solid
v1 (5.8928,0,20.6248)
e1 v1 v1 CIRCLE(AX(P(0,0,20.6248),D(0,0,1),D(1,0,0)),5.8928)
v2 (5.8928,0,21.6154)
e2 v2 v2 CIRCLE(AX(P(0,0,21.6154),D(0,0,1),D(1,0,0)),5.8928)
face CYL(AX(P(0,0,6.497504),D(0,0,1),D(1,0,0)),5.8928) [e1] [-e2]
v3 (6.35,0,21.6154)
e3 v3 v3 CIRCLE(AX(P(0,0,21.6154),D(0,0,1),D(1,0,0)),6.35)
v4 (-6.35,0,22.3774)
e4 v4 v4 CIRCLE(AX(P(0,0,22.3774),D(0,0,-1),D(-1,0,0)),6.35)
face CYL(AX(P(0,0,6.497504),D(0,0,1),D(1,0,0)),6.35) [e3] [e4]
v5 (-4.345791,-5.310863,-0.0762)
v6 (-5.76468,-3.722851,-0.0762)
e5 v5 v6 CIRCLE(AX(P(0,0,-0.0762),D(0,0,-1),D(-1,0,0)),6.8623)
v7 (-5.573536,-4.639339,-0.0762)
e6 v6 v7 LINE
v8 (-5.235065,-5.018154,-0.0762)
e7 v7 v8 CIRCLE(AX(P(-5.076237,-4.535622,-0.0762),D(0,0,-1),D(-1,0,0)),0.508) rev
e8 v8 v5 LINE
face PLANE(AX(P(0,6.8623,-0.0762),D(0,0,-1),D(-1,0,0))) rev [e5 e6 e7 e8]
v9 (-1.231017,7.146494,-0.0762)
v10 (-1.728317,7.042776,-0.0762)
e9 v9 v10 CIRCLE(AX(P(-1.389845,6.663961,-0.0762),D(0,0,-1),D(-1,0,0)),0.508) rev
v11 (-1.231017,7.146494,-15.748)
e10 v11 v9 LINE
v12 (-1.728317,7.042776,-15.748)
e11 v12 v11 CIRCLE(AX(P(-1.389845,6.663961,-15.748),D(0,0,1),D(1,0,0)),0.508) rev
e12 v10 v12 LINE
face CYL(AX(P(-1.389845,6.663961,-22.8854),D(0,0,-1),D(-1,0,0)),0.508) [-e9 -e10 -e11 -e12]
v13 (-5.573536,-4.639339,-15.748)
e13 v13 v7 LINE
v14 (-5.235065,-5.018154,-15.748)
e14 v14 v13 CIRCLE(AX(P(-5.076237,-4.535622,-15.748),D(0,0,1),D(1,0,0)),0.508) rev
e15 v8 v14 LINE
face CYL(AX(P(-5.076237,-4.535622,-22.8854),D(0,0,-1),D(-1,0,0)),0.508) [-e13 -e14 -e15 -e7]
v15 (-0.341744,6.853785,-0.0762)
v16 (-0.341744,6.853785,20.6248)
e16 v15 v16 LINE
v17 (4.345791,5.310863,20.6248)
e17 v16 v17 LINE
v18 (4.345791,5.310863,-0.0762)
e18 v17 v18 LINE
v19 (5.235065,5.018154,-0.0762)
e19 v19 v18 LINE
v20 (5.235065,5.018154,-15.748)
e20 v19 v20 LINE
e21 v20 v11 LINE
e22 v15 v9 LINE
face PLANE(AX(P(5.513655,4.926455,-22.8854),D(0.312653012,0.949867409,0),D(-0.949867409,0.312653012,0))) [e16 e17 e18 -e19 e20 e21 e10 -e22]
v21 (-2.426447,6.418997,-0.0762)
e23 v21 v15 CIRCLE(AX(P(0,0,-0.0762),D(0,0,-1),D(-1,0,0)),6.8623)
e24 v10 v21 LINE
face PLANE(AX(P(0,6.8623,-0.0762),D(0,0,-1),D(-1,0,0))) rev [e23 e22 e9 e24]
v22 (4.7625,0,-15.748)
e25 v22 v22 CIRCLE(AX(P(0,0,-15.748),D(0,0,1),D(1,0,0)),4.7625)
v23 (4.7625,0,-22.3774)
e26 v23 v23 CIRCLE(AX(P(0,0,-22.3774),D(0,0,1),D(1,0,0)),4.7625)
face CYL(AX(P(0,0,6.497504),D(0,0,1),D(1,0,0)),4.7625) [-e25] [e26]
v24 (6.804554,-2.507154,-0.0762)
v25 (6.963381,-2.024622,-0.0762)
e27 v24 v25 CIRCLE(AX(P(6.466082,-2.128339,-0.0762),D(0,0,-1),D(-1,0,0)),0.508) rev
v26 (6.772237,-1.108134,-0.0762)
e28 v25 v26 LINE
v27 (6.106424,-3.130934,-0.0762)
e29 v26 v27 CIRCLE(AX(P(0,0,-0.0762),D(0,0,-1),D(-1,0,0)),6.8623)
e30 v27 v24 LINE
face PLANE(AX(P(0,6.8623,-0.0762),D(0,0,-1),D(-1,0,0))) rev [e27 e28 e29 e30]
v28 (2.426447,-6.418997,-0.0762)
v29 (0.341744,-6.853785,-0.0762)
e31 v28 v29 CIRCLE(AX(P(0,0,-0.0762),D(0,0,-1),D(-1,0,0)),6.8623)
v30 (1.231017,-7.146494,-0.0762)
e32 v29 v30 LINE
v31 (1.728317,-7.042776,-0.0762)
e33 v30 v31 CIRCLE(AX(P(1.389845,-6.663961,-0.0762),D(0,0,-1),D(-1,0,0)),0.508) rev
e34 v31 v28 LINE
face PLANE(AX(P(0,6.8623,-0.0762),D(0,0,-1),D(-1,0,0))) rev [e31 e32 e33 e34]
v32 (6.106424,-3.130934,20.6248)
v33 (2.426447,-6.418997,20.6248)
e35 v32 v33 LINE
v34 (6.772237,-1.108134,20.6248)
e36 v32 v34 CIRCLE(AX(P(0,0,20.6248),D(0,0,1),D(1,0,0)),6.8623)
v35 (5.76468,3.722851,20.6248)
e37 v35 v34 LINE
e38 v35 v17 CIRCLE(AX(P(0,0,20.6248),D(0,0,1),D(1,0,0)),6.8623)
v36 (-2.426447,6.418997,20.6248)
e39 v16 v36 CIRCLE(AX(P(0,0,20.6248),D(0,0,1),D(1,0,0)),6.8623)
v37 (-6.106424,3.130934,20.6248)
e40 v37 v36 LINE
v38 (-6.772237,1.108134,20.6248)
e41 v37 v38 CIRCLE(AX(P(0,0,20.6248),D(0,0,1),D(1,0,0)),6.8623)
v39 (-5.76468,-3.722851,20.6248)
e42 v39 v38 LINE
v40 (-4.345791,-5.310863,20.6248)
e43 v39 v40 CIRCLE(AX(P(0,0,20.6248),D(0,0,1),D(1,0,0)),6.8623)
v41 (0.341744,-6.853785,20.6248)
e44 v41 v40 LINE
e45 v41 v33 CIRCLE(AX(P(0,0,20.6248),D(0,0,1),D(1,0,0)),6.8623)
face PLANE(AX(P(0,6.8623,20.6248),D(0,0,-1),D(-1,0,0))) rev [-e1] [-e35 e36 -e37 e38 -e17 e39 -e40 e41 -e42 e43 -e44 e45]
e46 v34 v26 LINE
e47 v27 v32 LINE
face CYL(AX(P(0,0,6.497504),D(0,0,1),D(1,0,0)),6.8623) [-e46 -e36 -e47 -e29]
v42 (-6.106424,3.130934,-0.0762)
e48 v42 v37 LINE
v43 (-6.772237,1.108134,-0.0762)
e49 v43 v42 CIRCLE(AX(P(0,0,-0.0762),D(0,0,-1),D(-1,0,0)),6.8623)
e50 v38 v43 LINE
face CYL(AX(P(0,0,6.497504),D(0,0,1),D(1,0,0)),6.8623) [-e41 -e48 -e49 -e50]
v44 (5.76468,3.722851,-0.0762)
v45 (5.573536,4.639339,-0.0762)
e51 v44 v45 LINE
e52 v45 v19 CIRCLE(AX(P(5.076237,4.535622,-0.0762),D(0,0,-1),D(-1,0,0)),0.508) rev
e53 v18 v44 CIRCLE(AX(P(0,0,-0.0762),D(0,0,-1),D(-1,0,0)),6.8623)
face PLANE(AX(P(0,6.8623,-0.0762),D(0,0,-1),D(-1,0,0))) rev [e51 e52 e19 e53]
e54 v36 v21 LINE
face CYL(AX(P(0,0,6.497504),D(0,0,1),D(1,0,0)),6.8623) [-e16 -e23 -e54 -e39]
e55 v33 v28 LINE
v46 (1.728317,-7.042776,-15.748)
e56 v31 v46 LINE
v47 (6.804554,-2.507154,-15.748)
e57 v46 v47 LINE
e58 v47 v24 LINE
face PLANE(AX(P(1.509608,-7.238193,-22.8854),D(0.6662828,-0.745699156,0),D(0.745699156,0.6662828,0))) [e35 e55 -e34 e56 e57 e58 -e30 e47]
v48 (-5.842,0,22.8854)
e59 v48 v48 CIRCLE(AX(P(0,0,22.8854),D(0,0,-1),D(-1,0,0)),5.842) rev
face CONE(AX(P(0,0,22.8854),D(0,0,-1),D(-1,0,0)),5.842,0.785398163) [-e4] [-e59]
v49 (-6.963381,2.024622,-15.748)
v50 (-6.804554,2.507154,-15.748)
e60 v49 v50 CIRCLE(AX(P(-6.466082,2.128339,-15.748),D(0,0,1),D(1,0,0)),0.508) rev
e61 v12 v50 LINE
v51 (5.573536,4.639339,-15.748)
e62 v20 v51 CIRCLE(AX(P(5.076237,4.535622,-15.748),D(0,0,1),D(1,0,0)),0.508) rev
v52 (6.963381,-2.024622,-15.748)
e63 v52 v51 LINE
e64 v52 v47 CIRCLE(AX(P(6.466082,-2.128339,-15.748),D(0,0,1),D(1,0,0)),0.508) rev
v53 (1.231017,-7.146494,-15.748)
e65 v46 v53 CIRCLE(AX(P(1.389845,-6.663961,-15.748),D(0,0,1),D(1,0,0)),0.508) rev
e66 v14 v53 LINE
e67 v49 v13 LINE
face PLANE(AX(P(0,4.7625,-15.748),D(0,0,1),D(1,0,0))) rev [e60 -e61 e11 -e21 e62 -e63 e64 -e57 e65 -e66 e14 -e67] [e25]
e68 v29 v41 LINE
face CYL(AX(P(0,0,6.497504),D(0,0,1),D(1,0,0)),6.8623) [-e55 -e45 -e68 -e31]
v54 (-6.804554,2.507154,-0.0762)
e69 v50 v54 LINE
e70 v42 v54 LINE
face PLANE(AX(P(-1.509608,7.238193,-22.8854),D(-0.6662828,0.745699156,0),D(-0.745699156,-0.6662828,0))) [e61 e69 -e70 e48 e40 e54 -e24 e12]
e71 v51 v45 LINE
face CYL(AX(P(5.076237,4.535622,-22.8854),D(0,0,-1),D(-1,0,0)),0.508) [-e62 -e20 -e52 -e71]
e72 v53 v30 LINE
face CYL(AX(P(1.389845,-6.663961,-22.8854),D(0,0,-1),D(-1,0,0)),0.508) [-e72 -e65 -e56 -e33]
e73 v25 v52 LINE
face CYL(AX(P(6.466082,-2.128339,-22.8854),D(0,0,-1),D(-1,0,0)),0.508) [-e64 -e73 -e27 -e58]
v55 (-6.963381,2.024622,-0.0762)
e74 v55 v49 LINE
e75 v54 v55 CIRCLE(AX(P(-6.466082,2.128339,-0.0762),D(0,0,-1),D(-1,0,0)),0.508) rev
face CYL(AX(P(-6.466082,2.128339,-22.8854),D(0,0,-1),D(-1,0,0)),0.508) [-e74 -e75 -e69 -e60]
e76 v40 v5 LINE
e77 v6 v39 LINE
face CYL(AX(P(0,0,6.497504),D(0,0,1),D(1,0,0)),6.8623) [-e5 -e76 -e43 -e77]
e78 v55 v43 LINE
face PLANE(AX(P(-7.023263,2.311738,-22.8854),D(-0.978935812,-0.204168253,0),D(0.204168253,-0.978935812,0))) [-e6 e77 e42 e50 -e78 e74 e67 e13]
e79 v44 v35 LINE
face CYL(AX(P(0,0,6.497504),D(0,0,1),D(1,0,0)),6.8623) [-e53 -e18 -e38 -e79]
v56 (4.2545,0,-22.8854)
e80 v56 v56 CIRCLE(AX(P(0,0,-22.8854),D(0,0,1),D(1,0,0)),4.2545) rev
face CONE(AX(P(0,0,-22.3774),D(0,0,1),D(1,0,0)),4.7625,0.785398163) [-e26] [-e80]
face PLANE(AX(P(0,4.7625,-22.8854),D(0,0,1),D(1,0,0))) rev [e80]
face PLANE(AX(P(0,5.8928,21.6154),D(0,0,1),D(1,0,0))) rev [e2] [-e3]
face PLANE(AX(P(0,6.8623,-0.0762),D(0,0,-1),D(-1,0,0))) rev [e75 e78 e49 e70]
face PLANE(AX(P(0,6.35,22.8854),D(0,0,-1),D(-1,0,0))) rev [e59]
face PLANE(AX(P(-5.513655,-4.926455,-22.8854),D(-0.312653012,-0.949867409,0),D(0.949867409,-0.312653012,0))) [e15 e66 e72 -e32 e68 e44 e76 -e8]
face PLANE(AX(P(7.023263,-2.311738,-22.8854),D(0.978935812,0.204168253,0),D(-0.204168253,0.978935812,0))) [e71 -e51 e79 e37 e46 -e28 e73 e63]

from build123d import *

# Parameters (mm, degrees)
SKETCH3_OUTSIDE_W   = 25.668
SKETCH3_OUTSIDE_H   = 25.668
CUT_EXTRUDE1_DEPTH  = 47.788336733
CHAMFER1_SIZE       = 0.508
BOSS_EXTRUDE1_DEPTH = 15.6718
FILLET1_R           = 0.508


with BuildPart() as part:
    # Sketch2 → Revolve1 (revolve)
    with BuildSketch(Plane(origin=(0, 0, 0), x_dir=(0, 0, -1), z_dir=(1, 0, 0)), mode=Mode.PRIVATE) as revolve1_sk:
        Polygon((-22.8854, 6.35), (-22.8854, 0), (22.8854, 0), (22.8854, 4.7625), (15.748, 4.7625), (15.748, 6.862299966), (-20.6248, 6.862299966), (-20.6248, 5.8928), (-21.6154, 5.8928), (-21.6154, 6.35), align=None)
    revolve(revolve1_sk.sketch.rotate(Axis((0, 0, 6.497503614), (0, 0, -1)), 90), axis=Axis((0, 0, 6.497503614), (0, 0, -1)))

    # Sketch3 outside → Cut-Extrude1 (cut, through all)
    with BuildSketch(Plane.XY.offset(22.8854)):
        Rectangle(SKETCH3_OUTSIDE_W, SKETCH3_OUTSIDE_H)
        Polygon((1.509607841, -7.238192802), (7.023262765, -2.311737661), (5.513654923, 4.926455141), (-1.509607841, 7.238192802), (-7.023262765, 2.311737661), (-5.513654923, -4.926455141), align=None, mode=Mode.SUBTRACT)
    extrude(amount=-CUT_EXTRUDE1_DEPTH, mode=Mode.SUBTRACT)

    # Chamfer1
    chamfer1_edges = [part.edges().sort_by_distance(p)[0] for p in [
        (-6.35, 0, 22.8854),
        (-4.7625, 0, -22.8854),
    ]]
    chamfer(chamfer1_edges, length=CHAMFER1_SIZE)

    # Sketch4 → Boss-Extrude1 (add)
    with BuildSketch(Plane(origin=(0, 0, -15.748), x_dir=(-1, 0, 0), z_dir=(0, 0, -1))):
        Polygon((-1.509607841, -7.238192802), (5.513654923, -4.926455141), (7.023262765, 2.311737661), (1.509607841, 7.238192802), (-5.513654923, 4.926455141), (-7.023262765, -2.311737661), align=None)
    extrude(amount=-BOSS_EXTRUDE1_DEPTH)

    # Fillet1
    fillet1_edges = [part.edges().sort_by_distance(p)[0] for p in [
        (1.509607841, -7.238192802, -7.9121),
        (7.023262765, -2.311737661, -7.9121),
        (5.513654923, 4.926455141, -7.9121),
        (-1.509607841, 7.238192802, -7.9121),
        (-7.023262765, 2.311737661, -7.9121),
        (-5.513654923, -4.926455141, -7.9121),
    ]]
    fillet(fillet1_edges, radius=FILLET1_R)


solid = part.part
